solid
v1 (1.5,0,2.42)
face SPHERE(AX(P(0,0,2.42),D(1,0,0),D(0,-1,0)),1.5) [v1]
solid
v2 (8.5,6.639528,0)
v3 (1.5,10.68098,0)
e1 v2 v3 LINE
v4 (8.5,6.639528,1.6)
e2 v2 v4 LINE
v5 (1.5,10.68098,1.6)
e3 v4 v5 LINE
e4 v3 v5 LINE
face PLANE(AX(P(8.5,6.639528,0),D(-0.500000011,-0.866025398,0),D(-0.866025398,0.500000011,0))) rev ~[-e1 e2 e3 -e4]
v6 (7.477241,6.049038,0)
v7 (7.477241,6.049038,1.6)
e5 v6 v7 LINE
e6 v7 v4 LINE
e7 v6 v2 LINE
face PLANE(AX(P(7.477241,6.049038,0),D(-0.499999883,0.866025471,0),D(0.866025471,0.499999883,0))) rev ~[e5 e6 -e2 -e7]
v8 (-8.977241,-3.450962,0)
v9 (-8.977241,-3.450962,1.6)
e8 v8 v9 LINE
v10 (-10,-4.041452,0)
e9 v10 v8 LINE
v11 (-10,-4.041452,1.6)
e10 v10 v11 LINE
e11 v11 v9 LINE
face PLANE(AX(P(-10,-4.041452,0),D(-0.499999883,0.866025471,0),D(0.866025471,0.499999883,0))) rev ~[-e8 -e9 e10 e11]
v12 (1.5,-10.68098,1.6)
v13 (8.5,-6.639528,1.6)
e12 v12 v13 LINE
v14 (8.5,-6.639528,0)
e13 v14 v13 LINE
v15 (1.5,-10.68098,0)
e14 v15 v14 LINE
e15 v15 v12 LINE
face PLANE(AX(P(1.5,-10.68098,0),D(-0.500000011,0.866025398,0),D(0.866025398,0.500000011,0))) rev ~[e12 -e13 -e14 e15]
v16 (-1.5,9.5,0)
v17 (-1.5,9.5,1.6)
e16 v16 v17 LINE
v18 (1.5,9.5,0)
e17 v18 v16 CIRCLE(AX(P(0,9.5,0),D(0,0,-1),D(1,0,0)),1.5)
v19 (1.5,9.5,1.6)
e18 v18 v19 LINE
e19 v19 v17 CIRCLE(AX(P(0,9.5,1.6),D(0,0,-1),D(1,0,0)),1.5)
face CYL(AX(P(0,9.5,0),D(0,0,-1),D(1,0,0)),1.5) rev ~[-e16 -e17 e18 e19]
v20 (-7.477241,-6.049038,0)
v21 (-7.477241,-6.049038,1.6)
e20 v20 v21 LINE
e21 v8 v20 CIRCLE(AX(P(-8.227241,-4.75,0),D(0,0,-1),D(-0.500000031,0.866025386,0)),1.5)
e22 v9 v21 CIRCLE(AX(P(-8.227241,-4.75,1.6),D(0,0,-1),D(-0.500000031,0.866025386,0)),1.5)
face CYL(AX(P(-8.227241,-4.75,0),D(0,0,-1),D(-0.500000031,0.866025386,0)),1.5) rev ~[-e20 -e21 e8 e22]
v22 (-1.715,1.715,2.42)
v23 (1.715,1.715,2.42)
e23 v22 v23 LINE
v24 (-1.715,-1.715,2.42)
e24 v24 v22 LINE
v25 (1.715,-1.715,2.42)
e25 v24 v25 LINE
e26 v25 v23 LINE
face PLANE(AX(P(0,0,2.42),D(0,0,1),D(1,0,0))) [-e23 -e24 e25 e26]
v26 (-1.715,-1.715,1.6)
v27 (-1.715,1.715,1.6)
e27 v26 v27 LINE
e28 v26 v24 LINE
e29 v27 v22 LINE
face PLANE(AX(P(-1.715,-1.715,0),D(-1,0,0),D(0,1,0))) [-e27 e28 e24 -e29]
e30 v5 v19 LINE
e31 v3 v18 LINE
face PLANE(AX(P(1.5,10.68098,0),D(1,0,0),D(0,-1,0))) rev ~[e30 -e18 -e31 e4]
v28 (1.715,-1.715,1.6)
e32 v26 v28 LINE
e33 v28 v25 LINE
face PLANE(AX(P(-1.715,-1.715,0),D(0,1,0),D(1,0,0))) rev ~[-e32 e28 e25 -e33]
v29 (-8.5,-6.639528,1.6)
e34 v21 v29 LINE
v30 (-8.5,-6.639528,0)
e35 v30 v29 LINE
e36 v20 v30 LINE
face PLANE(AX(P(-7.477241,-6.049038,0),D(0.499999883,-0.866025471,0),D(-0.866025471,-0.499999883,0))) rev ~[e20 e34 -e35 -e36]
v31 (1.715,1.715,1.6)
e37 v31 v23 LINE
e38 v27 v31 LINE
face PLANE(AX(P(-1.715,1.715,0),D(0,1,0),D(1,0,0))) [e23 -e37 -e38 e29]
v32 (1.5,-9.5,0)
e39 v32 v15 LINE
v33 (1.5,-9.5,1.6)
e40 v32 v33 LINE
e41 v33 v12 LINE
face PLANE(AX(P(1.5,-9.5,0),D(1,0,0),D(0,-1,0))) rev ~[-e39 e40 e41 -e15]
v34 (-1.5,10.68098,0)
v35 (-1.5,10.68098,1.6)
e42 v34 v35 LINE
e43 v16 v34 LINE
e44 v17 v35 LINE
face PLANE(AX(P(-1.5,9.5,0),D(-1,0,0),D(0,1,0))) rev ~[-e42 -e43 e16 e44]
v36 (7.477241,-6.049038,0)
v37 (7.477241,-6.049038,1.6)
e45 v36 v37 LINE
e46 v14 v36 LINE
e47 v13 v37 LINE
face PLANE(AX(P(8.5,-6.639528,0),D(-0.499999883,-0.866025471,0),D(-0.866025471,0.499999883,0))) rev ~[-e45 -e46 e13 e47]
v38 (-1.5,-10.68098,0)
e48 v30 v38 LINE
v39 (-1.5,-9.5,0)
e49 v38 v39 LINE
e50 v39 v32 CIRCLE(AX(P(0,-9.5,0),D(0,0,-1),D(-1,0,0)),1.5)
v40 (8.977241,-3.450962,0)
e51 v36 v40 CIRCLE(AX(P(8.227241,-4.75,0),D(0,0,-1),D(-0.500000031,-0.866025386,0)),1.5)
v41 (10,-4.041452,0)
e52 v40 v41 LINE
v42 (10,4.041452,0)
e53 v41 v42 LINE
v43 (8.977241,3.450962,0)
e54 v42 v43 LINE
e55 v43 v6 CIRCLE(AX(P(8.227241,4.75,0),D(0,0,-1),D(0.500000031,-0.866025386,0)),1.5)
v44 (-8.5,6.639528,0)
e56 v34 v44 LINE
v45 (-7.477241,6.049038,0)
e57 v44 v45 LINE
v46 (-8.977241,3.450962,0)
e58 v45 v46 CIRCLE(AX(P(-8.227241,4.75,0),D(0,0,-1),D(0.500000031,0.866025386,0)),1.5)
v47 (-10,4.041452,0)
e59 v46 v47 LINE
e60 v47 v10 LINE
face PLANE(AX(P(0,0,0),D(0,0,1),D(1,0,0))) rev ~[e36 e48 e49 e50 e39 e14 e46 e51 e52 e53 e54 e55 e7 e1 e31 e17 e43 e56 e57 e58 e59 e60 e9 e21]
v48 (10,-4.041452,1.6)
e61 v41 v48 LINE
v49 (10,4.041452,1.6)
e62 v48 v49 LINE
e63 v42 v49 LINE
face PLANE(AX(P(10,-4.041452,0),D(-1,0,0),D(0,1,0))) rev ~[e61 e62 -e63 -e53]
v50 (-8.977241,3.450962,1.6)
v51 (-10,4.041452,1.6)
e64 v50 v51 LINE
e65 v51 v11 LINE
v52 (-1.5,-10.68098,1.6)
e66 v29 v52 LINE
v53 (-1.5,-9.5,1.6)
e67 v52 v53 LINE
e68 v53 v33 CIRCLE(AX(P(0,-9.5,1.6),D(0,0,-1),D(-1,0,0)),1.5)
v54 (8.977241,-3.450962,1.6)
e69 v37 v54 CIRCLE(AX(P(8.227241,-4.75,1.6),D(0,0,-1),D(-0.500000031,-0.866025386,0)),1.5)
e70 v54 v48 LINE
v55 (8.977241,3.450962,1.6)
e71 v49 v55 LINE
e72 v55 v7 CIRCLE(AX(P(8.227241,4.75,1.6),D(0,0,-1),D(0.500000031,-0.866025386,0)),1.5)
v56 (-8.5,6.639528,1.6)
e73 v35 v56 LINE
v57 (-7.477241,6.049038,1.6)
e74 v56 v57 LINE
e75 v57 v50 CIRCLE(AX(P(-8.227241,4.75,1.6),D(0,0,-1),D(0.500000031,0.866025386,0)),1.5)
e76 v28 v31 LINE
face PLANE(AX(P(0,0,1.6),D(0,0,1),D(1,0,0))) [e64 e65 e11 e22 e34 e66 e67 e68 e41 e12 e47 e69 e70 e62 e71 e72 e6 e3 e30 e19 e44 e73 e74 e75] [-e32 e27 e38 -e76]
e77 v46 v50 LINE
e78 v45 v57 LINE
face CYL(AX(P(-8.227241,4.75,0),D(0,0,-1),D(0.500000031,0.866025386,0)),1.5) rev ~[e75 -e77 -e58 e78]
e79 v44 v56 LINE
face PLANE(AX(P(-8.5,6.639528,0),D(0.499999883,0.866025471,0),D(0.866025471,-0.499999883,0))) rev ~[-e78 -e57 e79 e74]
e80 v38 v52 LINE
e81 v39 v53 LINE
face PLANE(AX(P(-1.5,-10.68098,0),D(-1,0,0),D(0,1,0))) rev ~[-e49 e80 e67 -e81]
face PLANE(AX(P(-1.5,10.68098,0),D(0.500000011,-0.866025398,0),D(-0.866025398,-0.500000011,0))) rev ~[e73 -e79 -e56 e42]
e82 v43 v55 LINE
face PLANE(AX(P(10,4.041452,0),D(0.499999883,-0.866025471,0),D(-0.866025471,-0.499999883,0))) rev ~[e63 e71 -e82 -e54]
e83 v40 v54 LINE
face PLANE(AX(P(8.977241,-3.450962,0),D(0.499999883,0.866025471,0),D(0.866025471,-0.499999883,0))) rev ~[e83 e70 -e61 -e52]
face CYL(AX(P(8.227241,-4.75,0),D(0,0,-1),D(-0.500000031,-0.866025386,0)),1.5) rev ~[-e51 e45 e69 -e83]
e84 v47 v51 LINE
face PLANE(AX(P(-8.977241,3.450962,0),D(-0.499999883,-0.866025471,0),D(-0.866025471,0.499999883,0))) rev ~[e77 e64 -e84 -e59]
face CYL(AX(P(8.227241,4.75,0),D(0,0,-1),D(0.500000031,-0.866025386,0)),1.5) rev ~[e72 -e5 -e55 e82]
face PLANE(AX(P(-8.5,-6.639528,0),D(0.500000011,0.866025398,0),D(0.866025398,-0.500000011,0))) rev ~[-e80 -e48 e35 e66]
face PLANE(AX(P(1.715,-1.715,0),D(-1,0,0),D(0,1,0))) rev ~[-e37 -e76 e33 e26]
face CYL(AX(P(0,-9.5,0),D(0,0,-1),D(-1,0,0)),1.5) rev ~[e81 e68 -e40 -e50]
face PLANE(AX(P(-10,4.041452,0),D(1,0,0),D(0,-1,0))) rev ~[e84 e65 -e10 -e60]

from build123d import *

# Parameters (mm, degrees)
F0_W     = 3.43
F0_H     = 3.43
F1_DEPTH = 1.6
F0_R     = 1.5
F2_DEPTH = 2.42


with BuildPart() as f1:
    # F0 (on Top) → F1 (new body)
    with BuildSketch(Plane.XY):
        with BuildLine():
            Line((10, -4.041452), (10, 4.041452))
            Line((10, 4.041452), (8.977241, 3.450962))
            ThreePointArc((8.977241, 3.450962), (6.928203, 4), (7.477241, 6.049038))
            Line((7.477241, 6.049038), (8.5, 6.639528))
            Line((8.5, 6.639528), (1.5, 10.68098))
            Line((1.5, 10.68098), (1.5, 9.5))
            ThreePointArc((1.5, 9.5), (0, 8), (-1.5, 9.5))
            Line((-1.5, 9.5), (-1.5, 10.68098))
            Line((-1.5, 10.68098), (-8.5, 6.639528))
            Line((-8.5, 6.639528), (-7.477241, 6.049038))
            ThreePointArc((-7.477241, 6.049038), (-6.928203, 4), (-8.977241, 3.450962))
            Line((-8.977241, 3.450962), (-10, 4.041452))
            Line((-10, 4.041452), (-10, -4.041452))
            Line((-10, -4.041452), (-8.977241, -3.450962))
            ThreePointArc((-8.977241, -3.450962), (-6.928203, -4), (-7.477241, -6.049038))
            Line((-7.477241, -6.049038), (-8.5, -6.639528))
            Line((-8.5, -6.639528), (-1.5, -10.68098))
            Line((-1.5, -10.68098), (-1.5, -9.5))
            ThreePointArc((-1.5, -9.5), (0, -8), (1.5, -9.5))
            Line((1.5, -9.5), (1.5, -10.68098))
            Line((1.5, -10.68098), (8.5, -6.639528))
            Line((8.5, -6.639528), (7.477241, -6.049038))
            ThreePointArc((7.477241, -6.049038), (6.928203, -4), (8.977241, -3.450962))
            Line((8.977241, -3.450962), (10, -4.041452))
        make_face()
        Rectangle(F0_W, F0_H, mode=Mode.SUBTRACT)
    extrude(amount=F1_DEPTH)

    # F0 (on Top) → F2 (join)
    with BuildSketch(Plane.XY):
        Rectangle(F0_W, F0_H)
        Circle(F0_R, mode=Mode.SUBTRACT)
        Circle(F0_R)
    extrude(amount=F2_DEPTH)


with BuildPart() as f4:
    # F3 (on face) → F4 (revolve)
    with BuildSketch(Plane.XY.offset(2.42)):
        with BuildLine():
            Line((1.5, 0), (-1.5, 0))
            ThreePointArc((-1.5, 0), (0, -1.5), (1.5, 0))
        make_face()
    revolve(axis=Axis((0, 0, 2.42), (1, 0, 0)))


solid = Compound([f1.part, f4.part])
